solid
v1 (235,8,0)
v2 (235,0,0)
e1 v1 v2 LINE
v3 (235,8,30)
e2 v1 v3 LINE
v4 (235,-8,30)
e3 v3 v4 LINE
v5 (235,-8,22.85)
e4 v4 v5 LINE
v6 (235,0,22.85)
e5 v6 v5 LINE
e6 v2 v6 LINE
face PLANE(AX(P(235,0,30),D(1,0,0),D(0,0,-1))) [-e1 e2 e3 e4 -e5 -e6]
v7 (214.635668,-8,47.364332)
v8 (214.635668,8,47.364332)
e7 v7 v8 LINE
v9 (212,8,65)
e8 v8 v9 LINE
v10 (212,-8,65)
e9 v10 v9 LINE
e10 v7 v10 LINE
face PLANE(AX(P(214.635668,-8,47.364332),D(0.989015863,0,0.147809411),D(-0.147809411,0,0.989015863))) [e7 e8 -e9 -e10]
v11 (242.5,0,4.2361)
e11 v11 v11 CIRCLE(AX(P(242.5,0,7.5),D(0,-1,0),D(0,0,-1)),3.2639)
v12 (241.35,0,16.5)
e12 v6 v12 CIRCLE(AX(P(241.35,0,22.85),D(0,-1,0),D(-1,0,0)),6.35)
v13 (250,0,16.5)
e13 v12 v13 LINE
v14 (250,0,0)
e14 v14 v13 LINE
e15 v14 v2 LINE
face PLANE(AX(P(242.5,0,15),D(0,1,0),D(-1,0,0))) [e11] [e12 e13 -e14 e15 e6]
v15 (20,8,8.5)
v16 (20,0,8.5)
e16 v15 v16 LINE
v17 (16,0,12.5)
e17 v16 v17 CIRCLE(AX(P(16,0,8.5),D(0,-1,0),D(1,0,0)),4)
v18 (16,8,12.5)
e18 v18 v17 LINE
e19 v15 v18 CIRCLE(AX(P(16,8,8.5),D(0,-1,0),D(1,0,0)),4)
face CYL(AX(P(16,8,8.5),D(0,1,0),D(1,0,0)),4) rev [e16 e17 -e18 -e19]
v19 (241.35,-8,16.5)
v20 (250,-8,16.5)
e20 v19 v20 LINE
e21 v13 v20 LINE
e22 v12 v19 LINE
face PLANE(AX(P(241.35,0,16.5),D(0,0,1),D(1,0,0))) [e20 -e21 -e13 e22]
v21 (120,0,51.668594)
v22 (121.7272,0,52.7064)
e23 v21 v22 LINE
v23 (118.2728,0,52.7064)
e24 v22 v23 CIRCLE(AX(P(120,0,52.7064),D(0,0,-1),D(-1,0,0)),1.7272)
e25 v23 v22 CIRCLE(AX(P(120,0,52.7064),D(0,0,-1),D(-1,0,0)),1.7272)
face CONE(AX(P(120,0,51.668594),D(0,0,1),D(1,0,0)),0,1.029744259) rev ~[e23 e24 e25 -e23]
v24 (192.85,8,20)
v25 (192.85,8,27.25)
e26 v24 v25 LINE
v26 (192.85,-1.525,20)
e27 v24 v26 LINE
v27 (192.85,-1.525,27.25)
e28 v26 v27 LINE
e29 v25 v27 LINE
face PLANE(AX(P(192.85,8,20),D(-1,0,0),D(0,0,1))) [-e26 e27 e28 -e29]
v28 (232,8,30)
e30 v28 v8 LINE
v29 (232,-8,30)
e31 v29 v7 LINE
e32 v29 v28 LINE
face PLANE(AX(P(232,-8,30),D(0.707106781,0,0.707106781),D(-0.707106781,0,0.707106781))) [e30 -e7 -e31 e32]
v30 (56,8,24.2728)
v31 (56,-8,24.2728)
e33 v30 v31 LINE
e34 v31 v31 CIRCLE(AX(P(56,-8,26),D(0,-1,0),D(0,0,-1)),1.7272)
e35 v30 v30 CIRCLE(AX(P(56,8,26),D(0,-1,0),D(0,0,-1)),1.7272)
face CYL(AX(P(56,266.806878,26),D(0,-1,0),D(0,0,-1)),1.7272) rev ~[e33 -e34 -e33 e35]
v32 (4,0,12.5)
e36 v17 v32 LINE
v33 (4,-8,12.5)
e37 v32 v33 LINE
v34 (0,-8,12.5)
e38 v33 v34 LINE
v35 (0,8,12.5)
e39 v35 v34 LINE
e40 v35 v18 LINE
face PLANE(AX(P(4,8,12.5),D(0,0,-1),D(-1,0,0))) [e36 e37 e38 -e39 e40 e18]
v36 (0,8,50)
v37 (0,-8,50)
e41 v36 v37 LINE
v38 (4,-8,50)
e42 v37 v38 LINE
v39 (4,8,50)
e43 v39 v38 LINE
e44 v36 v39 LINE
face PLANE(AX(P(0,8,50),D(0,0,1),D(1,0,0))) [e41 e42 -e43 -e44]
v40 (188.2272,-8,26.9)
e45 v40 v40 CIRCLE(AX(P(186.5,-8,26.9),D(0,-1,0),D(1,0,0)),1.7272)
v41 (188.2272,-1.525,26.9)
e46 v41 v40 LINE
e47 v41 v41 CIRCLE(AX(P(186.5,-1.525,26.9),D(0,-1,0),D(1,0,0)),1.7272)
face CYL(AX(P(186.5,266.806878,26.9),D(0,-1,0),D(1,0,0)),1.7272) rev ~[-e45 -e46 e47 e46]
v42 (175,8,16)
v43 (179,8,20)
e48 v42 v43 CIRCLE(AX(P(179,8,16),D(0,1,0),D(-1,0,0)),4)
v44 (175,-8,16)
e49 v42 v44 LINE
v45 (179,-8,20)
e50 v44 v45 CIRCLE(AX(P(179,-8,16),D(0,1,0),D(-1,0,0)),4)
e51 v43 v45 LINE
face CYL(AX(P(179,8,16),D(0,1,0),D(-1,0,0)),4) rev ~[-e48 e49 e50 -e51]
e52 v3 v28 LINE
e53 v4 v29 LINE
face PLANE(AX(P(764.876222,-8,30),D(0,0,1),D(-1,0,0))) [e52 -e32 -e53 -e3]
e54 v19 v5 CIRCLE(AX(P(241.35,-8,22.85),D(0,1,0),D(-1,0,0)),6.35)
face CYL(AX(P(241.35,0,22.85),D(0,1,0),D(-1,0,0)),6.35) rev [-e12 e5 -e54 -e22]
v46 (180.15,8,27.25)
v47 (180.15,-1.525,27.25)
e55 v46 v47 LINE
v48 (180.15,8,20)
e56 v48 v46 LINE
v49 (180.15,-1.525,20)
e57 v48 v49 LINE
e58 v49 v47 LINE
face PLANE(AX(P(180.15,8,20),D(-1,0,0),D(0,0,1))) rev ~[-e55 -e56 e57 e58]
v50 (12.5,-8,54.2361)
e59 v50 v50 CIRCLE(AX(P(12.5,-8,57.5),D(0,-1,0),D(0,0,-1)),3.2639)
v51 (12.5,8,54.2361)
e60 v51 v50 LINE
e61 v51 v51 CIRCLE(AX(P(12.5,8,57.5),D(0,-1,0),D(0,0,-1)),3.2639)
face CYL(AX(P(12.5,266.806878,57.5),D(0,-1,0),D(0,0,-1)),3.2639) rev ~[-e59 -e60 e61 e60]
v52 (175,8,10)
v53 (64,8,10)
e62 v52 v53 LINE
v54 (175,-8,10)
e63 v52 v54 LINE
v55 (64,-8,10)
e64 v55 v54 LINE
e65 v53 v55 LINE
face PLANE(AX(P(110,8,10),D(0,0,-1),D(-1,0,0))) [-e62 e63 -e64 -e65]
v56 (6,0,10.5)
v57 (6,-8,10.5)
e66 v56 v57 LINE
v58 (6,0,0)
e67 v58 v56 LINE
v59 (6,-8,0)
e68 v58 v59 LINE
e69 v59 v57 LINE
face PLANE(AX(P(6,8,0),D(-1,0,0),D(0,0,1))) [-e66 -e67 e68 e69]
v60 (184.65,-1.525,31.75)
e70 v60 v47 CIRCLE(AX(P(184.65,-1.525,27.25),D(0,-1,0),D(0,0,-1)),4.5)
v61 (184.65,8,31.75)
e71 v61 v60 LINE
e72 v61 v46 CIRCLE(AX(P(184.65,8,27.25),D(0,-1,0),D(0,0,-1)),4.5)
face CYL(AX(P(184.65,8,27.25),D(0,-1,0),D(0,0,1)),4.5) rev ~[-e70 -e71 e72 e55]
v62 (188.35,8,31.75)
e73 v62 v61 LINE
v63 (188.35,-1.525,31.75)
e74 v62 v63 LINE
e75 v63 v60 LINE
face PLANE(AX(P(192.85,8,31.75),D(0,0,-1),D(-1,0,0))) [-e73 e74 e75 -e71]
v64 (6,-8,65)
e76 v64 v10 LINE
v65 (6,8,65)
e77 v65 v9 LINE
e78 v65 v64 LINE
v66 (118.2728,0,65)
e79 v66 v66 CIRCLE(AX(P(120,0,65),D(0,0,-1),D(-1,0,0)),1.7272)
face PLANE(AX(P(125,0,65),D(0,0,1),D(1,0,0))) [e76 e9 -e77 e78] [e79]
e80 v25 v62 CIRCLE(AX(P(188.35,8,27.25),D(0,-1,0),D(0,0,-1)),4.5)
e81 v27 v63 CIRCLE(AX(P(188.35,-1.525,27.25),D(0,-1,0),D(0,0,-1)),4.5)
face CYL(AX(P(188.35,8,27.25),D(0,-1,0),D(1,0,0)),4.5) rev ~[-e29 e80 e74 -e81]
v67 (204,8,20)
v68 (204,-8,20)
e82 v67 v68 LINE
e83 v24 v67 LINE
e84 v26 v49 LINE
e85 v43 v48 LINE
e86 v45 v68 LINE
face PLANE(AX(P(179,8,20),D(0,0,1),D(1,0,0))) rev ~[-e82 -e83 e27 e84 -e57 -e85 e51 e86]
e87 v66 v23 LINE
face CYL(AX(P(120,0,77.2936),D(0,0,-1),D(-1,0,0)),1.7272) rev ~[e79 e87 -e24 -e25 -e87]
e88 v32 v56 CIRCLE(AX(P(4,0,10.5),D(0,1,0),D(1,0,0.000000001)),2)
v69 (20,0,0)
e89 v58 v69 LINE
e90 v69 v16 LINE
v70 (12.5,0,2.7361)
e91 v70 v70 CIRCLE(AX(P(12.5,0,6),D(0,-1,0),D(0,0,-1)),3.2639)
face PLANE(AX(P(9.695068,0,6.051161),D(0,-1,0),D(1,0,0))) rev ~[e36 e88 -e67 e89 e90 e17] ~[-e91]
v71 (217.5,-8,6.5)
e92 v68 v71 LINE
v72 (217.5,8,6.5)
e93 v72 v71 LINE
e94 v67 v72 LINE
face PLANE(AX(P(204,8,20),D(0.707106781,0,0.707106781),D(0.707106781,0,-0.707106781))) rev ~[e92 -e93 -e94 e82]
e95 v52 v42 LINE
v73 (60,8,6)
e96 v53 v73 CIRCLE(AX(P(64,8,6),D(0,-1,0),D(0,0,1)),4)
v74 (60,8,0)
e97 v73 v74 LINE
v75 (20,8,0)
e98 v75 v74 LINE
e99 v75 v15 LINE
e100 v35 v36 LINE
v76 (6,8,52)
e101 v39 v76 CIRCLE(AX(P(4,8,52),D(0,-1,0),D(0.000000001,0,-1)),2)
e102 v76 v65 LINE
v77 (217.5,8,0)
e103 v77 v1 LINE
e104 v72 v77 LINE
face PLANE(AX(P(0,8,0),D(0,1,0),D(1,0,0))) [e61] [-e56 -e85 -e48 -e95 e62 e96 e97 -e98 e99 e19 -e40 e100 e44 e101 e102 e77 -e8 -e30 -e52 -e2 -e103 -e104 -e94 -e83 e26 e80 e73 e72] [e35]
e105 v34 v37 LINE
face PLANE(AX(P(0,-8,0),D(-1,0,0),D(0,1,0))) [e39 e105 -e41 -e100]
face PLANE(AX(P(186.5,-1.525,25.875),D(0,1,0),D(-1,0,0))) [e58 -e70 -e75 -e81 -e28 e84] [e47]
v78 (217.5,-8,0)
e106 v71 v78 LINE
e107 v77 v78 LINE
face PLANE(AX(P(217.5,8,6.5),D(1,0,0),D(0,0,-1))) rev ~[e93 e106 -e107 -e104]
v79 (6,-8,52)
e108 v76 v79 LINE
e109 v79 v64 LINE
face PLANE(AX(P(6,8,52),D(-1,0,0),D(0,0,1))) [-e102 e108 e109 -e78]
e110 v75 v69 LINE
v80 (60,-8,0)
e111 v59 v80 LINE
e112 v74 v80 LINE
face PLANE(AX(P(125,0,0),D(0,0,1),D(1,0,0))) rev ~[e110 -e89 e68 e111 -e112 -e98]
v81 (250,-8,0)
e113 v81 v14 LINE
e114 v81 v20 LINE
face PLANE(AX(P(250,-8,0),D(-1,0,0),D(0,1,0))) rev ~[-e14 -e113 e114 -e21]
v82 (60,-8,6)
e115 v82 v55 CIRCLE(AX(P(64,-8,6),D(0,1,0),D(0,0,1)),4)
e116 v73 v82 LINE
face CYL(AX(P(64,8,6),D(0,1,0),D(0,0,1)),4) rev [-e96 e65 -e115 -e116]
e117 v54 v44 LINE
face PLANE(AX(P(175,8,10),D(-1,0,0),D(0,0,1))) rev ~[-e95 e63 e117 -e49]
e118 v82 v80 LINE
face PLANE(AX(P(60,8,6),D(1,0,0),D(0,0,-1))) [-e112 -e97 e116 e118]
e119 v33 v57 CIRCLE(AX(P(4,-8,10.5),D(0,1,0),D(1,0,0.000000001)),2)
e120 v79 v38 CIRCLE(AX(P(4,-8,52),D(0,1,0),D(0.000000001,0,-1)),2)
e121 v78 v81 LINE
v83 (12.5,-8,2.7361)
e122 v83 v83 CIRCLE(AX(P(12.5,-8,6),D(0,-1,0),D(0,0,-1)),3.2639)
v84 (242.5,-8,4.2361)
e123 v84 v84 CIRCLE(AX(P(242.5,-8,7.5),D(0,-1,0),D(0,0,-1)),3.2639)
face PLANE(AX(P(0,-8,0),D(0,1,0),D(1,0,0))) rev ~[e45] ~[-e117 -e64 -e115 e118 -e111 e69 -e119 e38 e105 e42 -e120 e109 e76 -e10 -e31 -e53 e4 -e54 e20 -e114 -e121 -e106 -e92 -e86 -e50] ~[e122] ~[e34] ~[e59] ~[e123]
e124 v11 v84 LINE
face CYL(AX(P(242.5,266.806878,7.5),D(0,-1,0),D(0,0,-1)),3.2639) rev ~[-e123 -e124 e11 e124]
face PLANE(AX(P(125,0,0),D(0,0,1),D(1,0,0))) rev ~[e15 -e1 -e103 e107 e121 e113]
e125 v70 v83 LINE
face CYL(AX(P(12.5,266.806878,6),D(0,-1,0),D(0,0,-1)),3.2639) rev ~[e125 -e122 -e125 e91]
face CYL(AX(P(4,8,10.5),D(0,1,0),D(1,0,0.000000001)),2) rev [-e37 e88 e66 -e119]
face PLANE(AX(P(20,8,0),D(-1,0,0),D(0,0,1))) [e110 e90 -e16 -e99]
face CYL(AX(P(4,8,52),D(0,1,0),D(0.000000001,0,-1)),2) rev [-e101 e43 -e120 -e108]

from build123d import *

# Parameters (mm, degrees)
SKETCH1_W                          = 250
SKETCH1_H                          = 16
BASE_EXTRUDE_DEPTH                 = 65
ACCESS_START                       = -16
ACCESS_FOR_BLADE_CLAMP_BOLTS_DEPTH = 16
CUT_EXTRUDE2_DEPTH                 = 17
CUT_EXTRUDE3_DEPTH                 = 17
F_1_4_CLEARANCE_HOLE1_D            = 6.5278
CUT_EXTRUDE4_DEPTH                 = 17
CUT_EXTRUDE5_DEPTH                 = 8
F_8_32_TAPPED_HOLE1_D              = 3.4544
F_8_32_TAPPED_HOLE2_D              = 3.4544
F_8_32_TAPPED_HOLE2_DEPTH          = 12.2936
F_8_32_TAPPED_HOLE2_TIP            = 1.037806461
F_8_32_TAPPED_HOLE3_D              = 3.4544
SKETCH20_W                         = 15
SKETCH20_H                         = 30
CUT_EXTRUDE6_DEPTH                 = 8
SKETCH22_W                         = 12.7
SKETCH22_H                         = 11.75
CUT_EXTRUDE8_DEPTH                 = 9.525
CUT_EXTRUDE9_DEPTH                 = 9
FILLET1_R                          = 4.5


with BuildPart() as part:
    # Sketch1 → Base-Extrude (new body)
    with BuildSketch(Plane.XY):
        with Locations((125, 0)):
            Rectangle(SKETCH1_W, SKETCH1_H)
    extrude(amount=BASE_EXTRUDE_DEPTH)

    # Sketch3 → Access for Blade Clamp Bolts (cut)
    with BuildSketch(Plane(origin=(0, 8, 0), x_dir=(-1, 0, 0), z_dir=(0, 1, 0)).offset(ACCESS_START)):
        Polygon((-764.876222455, 30), (-250, 30), (-232, 30), (-214.635668285, 47.364331715), (-212, 65), (-135.896448754, 574.220751675), (-809.679729524, 1352.941618451), (-1438.659503225, 808.720866775), align=None)
    extrude(amount=ACCESS_FOR_BLADE_CLAMP_BOLTS_DEPTH, mode=Mode.SUBTRACT)

    # Sketch6 → Cut-Extrude2 (cut, through all)
    with BuildSketch(Plane(origin=(0, 8, 0), x_dir=(-1, 0, 0), z_dir=(0, 1, 0))):
        with BuildLine():
            Line((-60, 0), (-110, 0))
            Line((-110, 0), (-110, 10))
            Line((-110, 10), (-64, 10))
            ThreePointArc((-64, 10), (-61.171572875, 8.828427125), (-60, 6))
            Line((-60, 6), (-60, 0))
        make_face()
        with BuildLine():
            Line((110, 0), (110, 6))
            ThreePointArc((110, 6), (108.828427125, 8.828427125), (106, 10))
            Line((106, 10), (64, 10))
            ThreePointArc((64, 10), (61.171572875, 8.828427125), (60, 6))
            Line((60, 6), (60, 0))
            Line((60, 0), (110, 0))
        make_face()
    extrude(amount=-CUT_EXTRUDE2_DEPTH, mode=Mode.SUBTRACT)

    # Sketch7 → Cut-Extrude3 (cut, through all)
    with BuildSketch(Plane(origin=(0, 8, 0), x_dir=(-1, 0, 0), z_dir=(0, 1, 0))):
        with BuildLine():
            Line((-217.5, 0), (-110, 0))
            Line((-110, 0), (-110, 10))
            Line((-110, 10), (-175, 10))
            Line((-175, 10), (-175, 16))
            ThreePointArc((-175, 16), (-176.171572875, 18.828427125), (-179, 20))
            Line((-179, 20), (-204, 20))
            Line((-204, 20), (-217.5, 6.5))
            Line((-217.5, 6.5), (-217.5, 5))
            Line((-217.5, 5), (-217.5, 0))
        make_face()
    extrude(amount=-CUT_EXTRUDE3_DEPTH, mode=Mode.SUBTRACT)

    # 1/4 Clearance Hole1 (through all)
    with Locations(Plane(origin=(242.5, 8, 22.5), x_dir=(0, 0, 1), z_dir=(0, 1, 0))):
        with Locations((0, 0), (35, -230), (-16.5, -230), (-15, 0)):
            Hole(F_1_4_CLEARANCE_HOLE1_D / 2)

    # Sketch11 → Cut-Extrude4 (cut, through all)
    with BuildSketch(Plane(origin=(0, 8, 0), x_dir=(-1, 0, 0), z_dir=(0, 1, 0))):
        with BuildLine():
            Line((0, 65), (0, 50))
            Line((0, 50), (-4, 50))
            ThreePointArc((-4, 50), (-5.414213562, 50.585786438), (-6, 52))
            Line((-6, 52), (-6, 65))
            Line((-6, 65), (0, 65))
        make_face()
        with BuildLine():
            Line((0, 0), (-6, 0))
            Line((-6, 0), (-6, 10.5))
            ThreePointArc((-6, 10.5), (-5.414213562, 11.914213562), (-4, 12.5))
            Line((-4, 12.5), (0, 12.5))
            Line((0, 12.5), (0, 0))
        make_face()
    extrude(amount=-CUT_EXTRUDE4_DEPTH, mode=Mode.SUBTRACT)

    # Sketch12 → Cut-Extrude5 (cut)
    with BuildSketch(Plane(origin=(0, 8, 0), x_dir=(-1, 0, 0), z_dir=(0, 1, 0))):
        with BuildLine():
            Line((0, 0), (-20, 0))
            Line((-20, 0), (-20, 8.5))
            ThreePointArc((-20, 8.5), (-18.828427125, 11.328427125), (-16, 12.5))
            Line((-16, 12.5), (0, 12.5))
            Line((0, 12.5), (0, 0))
        make_face()
    extrude(amount=-CUT_EXTRUDE5_DEPTH, mode=Mode.SUBTRACT)

    # #8-32 Tapped Hole1 (through all)
    with Locations(Plane(origin=(56, 8, 26), x_dir=(0, 0, 1), z_dir=(0, 1, 0))):
        with Locations((0, 0)):
            Hole(F_8_32_TAPPED_HOLE1_D / 2)

    # #8-32 Tapped Hole2
    with Locations(Plane.XY.offset(65)):
        with Locations((120, 0)):
            Hole(F_8_32_TAPPED_HOLE2_D / 2, depth=F_8_32_TAPPED_HOLE2_DEPTH)
            with Locations((0, 0, -(F_8_32_TAPPED_HOLE2_DEPTH + F_8_32_TAPPED_HOLE2_TIP / 2))):  # 118° drill point
                Cone(0, F_8_32_TAPPED_HOLE2_D / 2, F_8_32_TAPPED_HOLE2_TIP, mode=Mode.SUBTRACT)

    # #8-32 Tapped Hole3 (through all)
    with Locations(Plane(origin=(0, 8, 0), x_dir=(-1, 0, 0), z_dir=(0, 1, 0))):
        with Locations((-186.5, 26.9)):
            Hole(F_8_32_TAPPED_HOLE3_D / 2)

    # Sketch20 → Cut-Extrude6 (cut)
    with BuildSketch(Plane(origin=(0, 8, 0), x_dir=(-1, 0, 0), z_dir=(0, 1, 0))):
        with Locations((-242.5, 15)):
            Rectangle(SKETCH20_W, SKETCH20_H)
    extrude(amount=-CUT_EXTRUDE6_DEPTH, mode=Mode.SUBTRACT)

    # Sketch22 → Cut-Extrude8 (cut)
    with BuildSketch(Plane(origin=(0, 8, 0), x_dir=(-1, 0, 0), z_dir=(0, 1, 0))):
        with Locations((-186.5, 25.875)):
            Rectangle(SKETCH22_W, SKETCH22_H)
    extrude(amount=-CUT_EXTRUDE8_DEPTH, mode=Mode.SUBTRACT)

    # Sketch23 → Cut-Extrude9 (cut, through all)
    with BuildSketch(Plane(origin=(0, 0, 0), x_dir=(-1, 0, 0), z_dir=(0, 1, 0))):
        with BuildLine():
            Line((-241.35, 16.5), (-250, 16.5))
            Line((-250, 16.5), (-250, 30))
            Line((-250, 30), (-235, 30))
            Line((-235, 30), (-235, 22.85))
            ThreePointArc((-235, 22.85), (-236.859871939, 18.359871939), (-241.35, 16.5))
        make_face()
    extrude(amount=-CUT_EXTRUDE9_DEPTH, mode=Mode.SUBTRACT)

    # Fillet1
    fillet1_edges = [part.edges().sort_by_distance(p)[0] for p in [
        (180.15, 3.2375, 31.75),
        (192.85, 3.2375, 31.75),
    ]]
    fillet(fillet1_edges, radius=FILLET1_R)


solid = part.part
